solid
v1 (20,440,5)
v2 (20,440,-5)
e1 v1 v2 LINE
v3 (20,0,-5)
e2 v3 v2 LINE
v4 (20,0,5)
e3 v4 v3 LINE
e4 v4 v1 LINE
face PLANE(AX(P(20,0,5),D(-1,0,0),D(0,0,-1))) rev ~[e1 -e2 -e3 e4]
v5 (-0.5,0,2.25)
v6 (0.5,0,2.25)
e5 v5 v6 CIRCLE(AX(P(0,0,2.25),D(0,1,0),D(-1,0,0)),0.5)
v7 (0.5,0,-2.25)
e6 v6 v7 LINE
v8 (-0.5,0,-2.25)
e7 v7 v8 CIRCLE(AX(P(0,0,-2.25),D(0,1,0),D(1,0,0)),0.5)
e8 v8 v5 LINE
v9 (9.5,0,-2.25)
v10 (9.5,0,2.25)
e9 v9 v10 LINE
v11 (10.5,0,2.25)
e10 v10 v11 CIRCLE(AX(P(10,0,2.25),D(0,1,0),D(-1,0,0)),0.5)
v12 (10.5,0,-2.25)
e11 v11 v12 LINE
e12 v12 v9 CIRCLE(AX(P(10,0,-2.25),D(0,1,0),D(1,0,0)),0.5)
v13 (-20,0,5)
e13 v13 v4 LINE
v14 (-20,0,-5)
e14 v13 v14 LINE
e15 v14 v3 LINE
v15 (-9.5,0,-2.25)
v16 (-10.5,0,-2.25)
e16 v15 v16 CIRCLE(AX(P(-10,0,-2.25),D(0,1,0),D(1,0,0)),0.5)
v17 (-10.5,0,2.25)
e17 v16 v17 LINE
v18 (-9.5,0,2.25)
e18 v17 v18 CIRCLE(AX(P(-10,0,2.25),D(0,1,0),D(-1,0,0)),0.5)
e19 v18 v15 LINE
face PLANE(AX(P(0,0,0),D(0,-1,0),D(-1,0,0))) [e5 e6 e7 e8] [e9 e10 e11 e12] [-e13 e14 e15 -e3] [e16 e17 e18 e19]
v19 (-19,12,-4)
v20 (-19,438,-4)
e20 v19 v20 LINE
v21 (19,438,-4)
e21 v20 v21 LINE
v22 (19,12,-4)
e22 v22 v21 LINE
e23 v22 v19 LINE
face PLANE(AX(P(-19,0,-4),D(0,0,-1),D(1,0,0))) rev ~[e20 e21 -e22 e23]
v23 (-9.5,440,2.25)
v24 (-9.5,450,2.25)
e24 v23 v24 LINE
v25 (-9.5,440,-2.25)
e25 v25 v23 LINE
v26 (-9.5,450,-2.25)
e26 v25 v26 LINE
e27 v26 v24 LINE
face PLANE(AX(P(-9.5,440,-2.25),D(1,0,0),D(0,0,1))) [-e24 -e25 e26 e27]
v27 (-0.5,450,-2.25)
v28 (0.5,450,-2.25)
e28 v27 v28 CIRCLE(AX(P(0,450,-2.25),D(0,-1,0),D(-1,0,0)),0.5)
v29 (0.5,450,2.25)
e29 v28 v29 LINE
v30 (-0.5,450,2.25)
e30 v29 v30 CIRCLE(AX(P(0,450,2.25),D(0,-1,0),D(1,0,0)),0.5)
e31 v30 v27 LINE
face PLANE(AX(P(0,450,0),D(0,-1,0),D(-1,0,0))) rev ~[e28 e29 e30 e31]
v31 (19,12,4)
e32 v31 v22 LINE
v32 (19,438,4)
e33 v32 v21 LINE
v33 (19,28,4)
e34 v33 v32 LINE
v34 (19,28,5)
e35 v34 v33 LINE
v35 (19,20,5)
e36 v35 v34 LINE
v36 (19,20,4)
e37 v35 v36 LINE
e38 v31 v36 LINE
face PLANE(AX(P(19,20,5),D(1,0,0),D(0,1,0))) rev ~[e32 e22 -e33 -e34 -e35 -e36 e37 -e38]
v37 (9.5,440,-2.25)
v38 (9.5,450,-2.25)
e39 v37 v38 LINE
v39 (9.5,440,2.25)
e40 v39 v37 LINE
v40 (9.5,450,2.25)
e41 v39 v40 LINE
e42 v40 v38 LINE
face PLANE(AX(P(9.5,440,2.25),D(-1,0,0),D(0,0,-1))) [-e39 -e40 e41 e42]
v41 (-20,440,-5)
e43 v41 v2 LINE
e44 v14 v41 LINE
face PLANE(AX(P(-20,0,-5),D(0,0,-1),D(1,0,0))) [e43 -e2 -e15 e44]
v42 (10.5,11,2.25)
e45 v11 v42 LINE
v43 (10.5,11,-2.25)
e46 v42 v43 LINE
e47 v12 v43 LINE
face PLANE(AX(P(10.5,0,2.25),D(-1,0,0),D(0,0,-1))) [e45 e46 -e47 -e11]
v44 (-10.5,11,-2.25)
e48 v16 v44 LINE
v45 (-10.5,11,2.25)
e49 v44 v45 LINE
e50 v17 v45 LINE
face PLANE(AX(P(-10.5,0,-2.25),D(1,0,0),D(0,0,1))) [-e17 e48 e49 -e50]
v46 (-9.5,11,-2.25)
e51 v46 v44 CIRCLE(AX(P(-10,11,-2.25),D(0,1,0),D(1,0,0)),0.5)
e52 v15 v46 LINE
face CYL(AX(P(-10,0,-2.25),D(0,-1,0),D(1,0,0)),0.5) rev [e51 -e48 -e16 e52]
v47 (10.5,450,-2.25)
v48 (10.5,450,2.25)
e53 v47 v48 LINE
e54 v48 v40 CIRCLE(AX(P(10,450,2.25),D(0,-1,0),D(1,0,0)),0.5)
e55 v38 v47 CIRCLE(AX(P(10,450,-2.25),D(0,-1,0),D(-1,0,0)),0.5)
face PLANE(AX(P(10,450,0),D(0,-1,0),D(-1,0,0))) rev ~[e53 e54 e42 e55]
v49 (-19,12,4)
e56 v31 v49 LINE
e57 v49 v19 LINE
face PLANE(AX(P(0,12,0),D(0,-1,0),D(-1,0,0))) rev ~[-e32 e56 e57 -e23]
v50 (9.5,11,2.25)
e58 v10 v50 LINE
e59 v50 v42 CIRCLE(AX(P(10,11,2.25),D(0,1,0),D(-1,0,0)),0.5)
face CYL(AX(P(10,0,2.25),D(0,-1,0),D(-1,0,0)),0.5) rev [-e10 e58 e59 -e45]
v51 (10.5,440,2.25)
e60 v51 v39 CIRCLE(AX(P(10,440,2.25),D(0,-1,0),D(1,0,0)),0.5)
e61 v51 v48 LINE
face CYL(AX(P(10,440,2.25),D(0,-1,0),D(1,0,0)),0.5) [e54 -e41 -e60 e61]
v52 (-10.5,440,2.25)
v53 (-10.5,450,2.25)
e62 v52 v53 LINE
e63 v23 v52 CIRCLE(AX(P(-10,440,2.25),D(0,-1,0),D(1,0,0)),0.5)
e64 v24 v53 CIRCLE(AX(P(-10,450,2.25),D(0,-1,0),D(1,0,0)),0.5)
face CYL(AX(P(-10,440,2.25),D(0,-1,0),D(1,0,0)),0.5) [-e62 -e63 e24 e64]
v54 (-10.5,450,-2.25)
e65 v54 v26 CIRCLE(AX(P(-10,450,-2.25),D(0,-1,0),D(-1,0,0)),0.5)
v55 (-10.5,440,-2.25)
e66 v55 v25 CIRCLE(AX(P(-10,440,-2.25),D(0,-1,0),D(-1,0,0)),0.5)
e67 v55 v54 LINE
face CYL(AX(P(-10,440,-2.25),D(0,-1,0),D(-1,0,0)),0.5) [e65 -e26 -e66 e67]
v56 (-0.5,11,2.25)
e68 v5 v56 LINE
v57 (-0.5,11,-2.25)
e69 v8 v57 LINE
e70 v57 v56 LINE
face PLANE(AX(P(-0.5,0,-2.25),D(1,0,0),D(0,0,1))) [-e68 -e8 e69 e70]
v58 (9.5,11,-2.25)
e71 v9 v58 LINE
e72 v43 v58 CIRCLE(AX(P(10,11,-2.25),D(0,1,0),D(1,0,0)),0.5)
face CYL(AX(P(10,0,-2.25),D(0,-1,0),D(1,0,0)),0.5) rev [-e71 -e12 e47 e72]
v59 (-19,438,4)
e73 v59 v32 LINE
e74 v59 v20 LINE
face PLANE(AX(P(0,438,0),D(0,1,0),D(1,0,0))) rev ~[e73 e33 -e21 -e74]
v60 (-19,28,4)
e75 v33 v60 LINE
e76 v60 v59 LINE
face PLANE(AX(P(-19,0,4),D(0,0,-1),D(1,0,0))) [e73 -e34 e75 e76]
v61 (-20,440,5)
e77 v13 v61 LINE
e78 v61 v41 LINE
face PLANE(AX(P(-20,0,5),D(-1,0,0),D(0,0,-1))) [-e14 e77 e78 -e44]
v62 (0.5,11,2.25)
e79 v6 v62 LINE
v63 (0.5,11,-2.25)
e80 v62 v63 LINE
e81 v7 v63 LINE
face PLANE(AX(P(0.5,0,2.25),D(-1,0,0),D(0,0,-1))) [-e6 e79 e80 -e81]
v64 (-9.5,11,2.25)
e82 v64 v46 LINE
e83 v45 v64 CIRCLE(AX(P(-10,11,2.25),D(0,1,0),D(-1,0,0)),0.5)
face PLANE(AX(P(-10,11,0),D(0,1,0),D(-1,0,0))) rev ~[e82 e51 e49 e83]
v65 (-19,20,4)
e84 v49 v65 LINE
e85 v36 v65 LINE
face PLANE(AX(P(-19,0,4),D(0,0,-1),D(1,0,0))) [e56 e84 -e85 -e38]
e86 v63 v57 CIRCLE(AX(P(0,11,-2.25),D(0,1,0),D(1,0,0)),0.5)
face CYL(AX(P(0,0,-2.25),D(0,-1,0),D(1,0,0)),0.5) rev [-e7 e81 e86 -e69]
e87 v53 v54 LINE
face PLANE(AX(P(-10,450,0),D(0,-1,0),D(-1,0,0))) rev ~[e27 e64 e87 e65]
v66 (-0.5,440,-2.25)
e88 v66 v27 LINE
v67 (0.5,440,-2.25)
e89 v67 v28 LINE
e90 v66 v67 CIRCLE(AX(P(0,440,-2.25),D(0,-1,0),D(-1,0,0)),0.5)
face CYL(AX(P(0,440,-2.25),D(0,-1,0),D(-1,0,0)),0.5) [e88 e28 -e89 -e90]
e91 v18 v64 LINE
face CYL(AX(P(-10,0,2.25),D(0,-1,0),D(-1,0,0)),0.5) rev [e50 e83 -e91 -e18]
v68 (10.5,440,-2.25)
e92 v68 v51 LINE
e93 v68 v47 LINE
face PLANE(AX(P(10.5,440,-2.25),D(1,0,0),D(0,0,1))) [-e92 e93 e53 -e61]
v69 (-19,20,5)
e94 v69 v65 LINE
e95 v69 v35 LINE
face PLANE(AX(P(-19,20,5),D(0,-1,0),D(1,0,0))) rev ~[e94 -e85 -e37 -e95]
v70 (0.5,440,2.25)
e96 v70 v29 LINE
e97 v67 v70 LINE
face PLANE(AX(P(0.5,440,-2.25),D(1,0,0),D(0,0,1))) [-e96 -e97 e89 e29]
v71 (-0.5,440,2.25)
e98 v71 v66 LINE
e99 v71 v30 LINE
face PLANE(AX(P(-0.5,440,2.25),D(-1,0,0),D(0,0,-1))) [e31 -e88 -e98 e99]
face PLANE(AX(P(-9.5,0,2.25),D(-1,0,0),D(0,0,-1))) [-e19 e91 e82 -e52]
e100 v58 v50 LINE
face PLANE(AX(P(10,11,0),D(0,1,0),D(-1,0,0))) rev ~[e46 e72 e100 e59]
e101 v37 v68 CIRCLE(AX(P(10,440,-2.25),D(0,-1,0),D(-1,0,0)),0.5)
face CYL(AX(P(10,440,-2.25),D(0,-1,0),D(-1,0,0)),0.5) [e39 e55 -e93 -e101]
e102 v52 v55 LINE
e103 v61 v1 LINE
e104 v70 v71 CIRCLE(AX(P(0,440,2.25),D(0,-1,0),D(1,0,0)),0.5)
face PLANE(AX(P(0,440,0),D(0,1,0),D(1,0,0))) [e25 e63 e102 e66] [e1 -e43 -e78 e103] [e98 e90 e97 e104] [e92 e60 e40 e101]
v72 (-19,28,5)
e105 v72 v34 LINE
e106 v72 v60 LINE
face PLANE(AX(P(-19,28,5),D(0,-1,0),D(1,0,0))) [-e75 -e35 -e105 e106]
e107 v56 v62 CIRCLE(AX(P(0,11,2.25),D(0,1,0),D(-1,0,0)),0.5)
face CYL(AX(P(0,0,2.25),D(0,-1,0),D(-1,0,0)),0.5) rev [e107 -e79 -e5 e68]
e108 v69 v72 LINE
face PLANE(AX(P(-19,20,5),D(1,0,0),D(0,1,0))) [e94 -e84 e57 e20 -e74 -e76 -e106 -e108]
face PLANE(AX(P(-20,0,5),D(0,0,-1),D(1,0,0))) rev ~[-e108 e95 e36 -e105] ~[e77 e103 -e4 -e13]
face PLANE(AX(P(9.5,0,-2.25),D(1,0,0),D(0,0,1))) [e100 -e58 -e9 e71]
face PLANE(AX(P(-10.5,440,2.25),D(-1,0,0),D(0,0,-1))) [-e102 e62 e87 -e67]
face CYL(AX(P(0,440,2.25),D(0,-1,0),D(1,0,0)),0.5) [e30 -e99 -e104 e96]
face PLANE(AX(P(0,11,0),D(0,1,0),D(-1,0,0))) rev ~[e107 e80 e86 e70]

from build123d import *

# Parameters (mm, degrees)
SKETCH2_W           = 40
SKETCH2_H           = 10
BOSS_EXTRUDE2_DEPTH = 440
SKETCH3_W           = 38
SKETCH3_H           = 8
CUT_EXTRUDE1_DEPTH  = 438
BOSS_EXTRUDE4_DEPTH = 10
LPATTERN2_COUNT     = 3
LPATTERN2_PITCH     = 10
SKETCH5_W           = 38
SKETCH5_H           = 8
BOSS_EXTRUDE5_DEPTH = 12
CUT_EXTRUDE2_DEPTH  = 11
LPATTERN3_COUNT     = 3
LPATTERN3_PITCH     = 10
SKETCH7_W           = 38
SKETCH7_H           = 8
CUT_EXTRUDE3_DEPTH  = 5


with BuildPart() as part:
    # Sketch2 → Boss-Extrude2 (new body)
    with BuildSketch(Plane(origin=(0, 0, 0), x_dir=(1, 0, 0), z_dir=(0, 1, 0))):
        Rectangle(SKETCH2_W, SKETCH2_H)
    extrude(amount=BOSS_EXTRUDE2_DEPTH)

    # Sketch3 → Cut-Extrude1 (cut)
    with BuildSketch(Plane(origin=(0, 0, 0), x_dir=(1, 0, 0), z_dir=(0, 1, 0))):
        Rectangle(SKETCH3_W, SKETCH3_H)
    extrude(amount=CUT_EXTRUDE1_DEPTH, mode=Mode.SUBTRACT)

    # Sketch4 → Boss-Extrude4 (add)
    with BuildSketch(Plane(origin=(0, 440, 0), x_dir=(1, 0, 0), z_dir=(0, 1, 0))):
        with BuildLine():
            Line((-10.5, -2.25), (-10.5, 2.25))
            ThreePointArc((-10.5, 2.25), (-10, 2.75), (-9.5, 2.25))
            Line((-9.5, 2.25), (-9.5, -2.25))
            ThreePointArc((-9.5, -2.25), (-10, -2.75), (-10.5, -2.25))
        make_face()
    boss_extrude4 = extrude(amount=BOSS_EXTRUDE4_DEPTH)

    # LPattern2: Boss-Extrude4 ×3
    with Locations(*[(i * LPATTERN2_PITCH, 0, 0) for i in range(1, LPATTERN2_COUNT)]):
        add(boss_extrude4)

    # Sketch5 → Boss-Extrude5 (add)
    with BuildSketch(Plane(origin=(0, 0, 0), x_dir=(-1, 0, 0), z_dir=(0, -1, 0))):
        Rectangle(SKETCH5_W, SKETCH5_H)
    extrude(amount=-BOSS_EXTRUDE5_DEPTH)

    # Sketch6 → Cut-Extrude2 (cut)
    with BuildSketch(Plane.XZ):
        with BuildLine():
            Line((10.5, 2.25), (10.5, -2.25))
            ThreePointArc((10.5, -2.25), (10, -2.75), (9.5, -2.25))
            Line((9.5, -2.25), (9.5, 2.25))
            ThreePointArc((9.5, 2.25), (10, 2.75), (10.5, 2.25))
        make_face()
    cut_extrude2 = extrude(amount=-CUT_EXTRUDE2_DEPTH, mode=Mode.SUBTRACT)

    # LPattern3: Cut-Extrude2 ×3
    with Locations(*[(-i * LPATTERN3_PITCH, 0, 0) for i in range(1, LPATTERN3_COUNT)]):
        add(cut_extrude2, mode=Mode.SUBTRACT)

    # Sketch7 → Cut-Extrude3 (cut)
    with BuildSketch(Plane.XY.offset(5)):
        with Locations((0, 24)):
            Rectangle(SKETCH7_W, SKETCH7_H)
    extrude(amount=-CUT_EXTRUDE3_DEPTH, mode=Mode.SUBTRACT)


solid = part.part
